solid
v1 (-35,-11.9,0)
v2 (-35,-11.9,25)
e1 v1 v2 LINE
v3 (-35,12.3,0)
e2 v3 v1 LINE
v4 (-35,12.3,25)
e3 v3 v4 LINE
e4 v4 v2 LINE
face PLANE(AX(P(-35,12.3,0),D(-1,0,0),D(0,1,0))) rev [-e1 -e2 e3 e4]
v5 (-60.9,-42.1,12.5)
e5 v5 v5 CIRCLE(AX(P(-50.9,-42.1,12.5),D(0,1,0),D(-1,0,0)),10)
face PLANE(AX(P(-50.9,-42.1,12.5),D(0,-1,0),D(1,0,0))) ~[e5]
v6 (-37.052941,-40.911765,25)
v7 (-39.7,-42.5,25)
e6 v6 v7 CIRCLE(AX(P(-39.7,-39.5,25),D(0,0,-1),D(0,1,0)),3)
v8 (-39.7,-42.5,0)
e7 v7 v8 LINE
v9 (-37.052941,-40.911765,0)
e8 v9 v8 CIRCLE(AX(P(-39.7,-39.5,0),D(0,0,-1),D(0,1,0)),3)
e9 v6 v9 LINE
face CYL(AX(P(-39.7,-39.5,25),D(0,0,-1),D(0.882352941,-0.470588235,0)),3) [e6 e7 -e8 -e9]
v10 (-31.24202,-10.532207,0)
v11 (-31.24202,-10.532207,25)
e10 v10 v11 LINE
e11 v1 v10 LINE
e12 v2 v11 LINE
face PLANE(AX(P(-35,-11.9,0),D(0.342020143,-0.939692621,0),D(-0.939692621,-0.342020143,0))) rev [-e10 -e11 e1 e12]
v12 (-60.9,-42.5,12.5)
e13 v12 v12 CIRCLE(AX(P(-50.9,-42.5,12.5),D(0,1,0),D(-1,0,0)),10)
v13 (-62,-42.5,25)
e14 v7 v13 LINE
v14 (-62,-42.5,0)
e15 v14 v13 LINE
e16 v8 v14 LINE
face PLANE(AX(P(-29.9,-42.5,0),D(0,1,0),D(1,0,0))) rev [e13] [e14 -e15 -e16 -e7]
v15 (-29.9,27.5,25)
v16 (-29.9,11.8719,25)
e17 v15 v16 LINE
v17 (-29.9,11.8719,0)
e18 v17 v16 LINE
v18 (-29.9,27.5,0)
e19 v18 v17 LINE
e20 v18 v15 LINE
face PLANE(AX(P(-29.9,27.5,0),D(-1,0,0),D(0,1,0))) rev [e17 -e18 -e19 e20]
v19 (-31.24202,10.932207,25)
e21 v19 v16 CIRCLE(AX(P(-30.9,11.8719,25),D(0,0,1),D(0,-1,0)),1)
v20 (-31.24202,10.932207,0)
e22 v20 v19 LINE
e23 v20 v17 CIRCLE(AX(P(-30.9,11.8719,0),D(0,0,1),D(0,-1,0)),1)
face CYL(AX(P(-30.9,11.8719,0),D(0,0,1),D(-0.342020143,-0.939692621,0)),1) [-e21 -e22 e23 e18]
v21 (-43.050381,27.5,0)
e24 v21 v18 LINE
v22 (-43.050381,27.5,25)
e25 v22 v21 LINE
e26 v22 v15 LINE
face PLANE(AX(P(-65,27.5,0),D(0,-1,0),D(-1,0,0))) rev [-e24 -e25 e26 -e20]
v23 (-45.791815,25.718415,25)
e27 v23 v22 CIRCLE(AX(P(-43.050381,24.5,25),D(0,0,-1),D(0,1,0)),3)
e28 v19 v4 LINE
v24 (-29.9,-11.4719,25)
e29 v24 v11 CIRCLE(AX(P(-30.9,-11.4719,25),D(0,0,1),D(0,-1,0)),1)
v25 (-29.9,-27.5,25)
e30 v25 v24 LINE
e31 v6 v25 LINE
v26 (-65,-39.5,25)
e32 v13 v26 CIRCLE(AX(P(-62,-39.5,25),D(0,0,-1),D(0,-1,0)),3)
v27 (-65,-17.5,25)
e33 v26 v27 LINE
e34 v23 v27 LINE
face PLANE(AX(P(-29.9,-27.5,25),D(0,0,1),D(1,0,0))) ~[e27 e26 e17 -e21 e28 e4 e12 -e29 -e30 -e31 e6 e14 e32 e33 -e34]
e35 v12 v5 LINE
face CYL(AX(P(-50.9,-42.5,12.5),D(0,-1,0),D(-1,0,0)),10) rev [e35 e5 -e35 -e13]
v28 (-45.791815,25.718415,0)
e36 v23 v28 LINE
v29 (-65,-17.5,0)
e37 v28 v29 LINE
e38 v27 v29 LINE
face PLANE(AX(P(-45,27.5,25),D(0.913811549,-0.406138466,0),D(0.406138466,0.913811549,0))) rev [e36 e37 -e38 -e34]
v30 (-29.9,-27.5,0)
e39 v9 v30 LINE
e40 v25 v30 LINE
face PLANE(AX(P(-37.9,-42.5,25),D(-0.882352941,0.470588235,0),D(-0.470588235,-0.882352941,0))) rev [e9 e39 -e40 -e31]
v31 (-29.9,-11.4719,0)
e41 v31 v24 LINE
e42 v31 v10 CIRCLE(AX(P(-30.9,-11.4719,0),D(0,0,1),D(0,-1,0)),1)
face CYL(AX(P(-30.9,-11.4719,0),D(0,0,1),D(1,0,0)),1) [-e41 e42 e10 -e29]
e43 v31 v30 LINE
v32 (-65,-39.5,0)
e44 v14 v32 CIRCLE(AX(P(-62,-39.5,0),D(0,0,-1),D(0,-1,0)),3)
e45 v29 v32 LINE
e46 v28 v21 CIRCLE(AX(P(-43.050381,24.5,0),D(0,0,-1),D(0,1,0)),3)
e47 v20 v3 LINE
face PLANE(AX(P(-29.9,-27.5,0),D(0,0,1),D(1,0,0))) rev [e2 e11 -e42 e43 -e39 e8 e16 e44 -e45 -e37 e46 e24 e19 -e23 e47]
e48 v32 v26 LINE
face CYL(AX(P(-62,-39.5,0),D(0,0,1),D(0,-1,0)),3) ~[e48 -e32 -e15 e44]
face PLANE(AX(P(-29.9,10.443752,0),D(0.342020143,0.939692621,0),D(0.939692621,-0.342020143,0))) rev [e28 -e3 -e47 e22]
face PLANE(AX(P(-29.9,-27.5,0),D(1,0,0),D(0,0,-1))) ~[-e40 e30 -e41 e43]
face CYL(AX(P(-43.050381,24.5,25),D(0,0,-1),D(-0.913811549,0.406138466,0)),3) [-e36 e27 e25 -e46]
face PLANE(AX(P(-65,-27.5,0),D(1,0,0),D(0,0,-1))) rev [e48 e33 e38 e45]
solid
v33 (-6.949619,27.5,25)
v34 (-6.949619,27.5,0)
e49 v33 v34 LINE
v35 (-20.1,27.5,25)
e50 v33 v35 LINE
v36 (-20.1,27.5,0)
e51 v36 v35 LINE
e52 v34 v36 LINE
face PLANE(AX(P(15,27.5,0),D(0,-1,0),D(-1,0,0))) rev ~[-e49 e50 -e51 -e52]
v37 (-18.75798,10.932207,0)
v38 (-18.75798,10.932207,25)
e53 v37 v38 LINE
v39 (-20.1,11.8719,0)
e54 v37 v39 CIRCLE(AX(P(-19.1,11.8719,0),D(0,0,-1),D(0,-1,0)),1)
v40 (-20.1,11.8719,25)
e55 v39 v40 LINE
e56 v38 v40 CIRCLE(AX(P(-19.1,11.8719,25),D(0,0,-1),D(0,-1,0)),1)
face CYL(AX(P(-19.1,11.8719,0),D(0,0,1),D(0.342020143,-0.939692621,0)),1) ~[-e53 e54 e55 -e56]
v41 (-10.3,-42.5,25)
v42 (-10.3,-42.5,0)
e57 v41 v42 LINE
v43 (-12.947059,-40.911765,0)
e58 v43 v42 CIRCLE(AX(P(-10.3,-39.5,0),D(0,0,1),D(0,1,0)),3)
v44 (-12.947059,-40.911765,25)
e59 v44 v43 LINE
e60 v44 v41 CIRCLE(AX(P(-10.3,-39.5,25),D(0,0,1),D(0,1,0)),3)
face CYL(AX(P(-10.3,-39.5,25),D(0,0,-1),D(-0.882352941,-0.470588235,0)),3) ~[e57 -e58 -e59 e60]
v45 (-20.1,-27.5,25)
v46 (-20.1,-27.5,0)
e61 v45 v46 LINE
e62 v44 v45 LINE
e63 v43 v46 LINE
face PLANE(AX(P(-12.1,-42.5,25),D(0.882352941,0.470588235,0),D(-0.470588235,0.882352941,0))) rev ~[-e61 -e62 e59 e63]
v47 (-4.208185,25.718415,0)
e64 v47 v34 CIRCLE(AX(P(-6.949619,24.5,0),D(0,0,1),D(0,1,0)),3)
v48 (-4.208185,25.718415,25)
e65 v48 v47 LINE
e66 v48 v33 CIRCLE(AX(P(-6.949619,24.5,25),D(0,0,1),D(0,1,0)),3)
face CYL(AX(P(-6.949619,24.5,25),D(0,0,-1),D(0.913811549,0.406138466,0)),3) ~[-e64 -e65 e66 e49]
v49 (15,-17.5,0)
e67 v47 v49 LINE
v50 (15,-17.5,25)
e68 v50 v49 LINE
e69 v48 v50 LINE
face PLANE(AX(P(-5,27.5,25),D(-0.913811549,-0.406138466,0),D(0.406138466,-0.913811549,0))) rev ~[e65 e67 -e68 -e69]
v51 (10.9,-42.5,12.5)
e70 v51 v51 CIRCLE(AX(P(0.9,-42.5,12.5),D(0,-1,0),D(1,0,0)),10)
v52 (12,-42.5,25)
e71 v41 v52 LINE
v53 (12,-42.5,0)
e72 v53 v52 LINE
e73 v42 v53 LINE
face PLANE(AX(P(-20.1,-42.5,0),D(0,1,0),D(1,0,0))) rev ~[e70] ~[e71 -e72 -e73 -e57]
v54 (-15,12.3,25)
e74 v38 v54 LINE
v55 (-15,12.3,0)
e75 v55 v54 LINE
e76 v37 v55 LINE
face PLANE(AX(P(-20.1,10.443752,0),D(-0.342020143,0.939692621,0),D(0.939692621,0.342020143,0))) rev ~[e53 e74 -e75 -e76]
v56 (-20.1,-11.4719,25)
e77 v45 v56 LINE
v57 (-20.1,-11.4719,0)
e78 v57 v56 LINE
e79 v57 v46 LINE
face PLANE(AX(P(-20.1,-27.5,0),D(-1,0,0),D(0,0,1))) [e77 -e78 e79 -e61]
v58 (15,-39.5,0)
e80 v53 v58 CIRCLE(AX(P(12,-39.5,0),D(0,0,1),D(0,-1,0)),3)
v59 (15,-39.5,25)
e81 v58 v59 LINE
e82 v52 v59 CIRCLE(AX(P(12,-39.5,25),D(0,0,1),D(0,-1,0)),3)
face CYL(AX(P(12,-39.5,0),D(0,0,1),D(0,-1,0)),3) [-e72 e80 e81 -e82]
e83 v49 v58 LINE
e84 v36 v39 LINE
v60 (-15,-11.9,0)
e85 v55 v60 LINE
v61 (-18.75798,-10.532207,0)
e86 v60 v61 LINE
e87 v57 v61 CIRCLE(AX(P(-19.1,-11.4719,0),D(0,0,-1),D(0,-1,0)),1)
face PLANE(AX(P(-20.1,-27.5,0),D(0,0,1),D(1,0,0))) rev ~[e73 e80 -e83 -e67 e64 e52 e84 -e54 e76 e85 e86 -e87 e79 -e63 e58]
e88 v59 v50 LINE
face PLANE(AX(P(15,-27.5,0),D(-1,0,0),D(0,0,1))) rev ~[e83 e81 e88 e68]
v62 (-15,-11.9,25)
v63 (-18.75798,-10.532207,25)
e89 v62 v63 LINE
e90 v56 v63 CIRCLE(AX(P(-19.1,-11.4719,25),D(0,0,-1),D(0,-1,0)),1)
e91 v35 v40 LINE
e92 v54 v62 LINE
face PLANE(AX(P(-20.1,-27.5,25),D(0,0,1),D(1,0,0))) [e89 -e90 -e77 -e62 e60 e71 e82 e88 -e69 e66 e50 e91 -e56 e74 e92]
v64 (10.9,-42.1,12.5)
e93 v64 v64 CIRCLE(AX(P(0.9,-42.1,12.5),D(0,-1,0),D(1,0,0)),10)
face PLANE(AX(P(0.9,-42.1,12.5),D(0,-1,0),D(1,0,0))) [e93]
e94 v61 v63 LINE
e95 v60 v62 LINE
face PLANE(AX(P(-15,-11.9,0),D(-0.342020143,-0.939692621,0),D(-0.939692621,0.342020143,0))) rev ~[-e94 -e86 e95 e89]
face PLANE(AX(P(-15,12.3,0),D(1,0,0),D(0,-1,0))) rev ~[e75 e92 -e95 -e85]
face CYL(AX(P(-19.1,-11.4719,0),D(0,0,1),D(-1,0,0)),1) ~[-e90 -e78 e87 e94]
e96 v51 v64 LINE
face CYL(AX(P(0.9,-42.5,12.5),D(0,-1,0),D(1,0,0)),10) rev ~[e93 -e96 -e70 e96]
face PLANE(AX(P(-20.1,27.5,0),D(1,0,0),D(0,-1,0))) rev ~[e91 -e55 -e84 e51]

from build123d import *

# Parameters (mm, degrees)
F1_DEPTH = 25
F2_DEPTH = 15
F3_R     = 10
F4_DEPTH = 0.4
F6_DEPTH = 25
F9_R     = 1
F9_2_R   = 1
F10_R    = 3
F10_2_R  = 3


with BuildPart() as f1:
    # F0 (on Top) → F1 (new body)
    with BuildSketch(Plane.XY):
        Polygon((15, 27.5), (-15, 27.5), (-15, 12.3), (-15, -11.9), (-15, -27.5), (15, -27.5), align=None)
        Polygon((-15, 12.3), (-15, 27.5), (-20.1, 27.5), (-20.1, 10.4437518052), align=None)
        Polygon((-15, -27.5), (-15, -11.9), (-20.1, -10.0437518052), (-20.1, -27.5), align=None)
    extrude(amount=F1_DEPTH)

    # F2 (add): a face of the model
    f2_faces = [f1.faces().sort_by_distance(p)[0] for p in [
        (-2.55, -27.5, 12.5),
    ]]
    extrude(f2_faces, amount=F2_DEPTH)

    # F3 (on face) → F4 (cut)
    with BuildSketch(Plane.XZ.offset(42.5)):
        with Locations((0.9, 12.5)):
            Circle(F3_R)
    extrude(amount=-F4_DEPTH, mode=Mode.SUBTRACT)

    # F5 (on face) → F6 (cut)
    with BuildSketch(Plane.XY.offset(25)):
        Polygon((15, -17.5), (15, 27.5), (-5, 27.5), align=None)
        Polygon((-20.1, -27.5), (-20.1, -42.5), (-12.1, -42.5), align=None)
    extrude(amount=-F6_DEPTH, mode=Mode.SUBTRACT)


with BuildPart() as f8_1:
    # F8: instance of F1
    add(f1.part.mirror(Plane.YZ.offset(-25)))

    # F9
    f9_edges = [f8_1.edges().sort_by_distance(p)[0] for p in [
        (-29.9, 10.443752, 12.5),
        (-29.9, -10.043752, 12.5),
    ]]
    fillet(f9_edges, radius=F9_R)

    # F10
    f10_edges = [f8_1.edges().sort_by_distance(p)[0] for p in [
        (-65, -42.5, 12.5),
        (-45, 27.5, 12.5),
        (-37.9, -42.5, 12.5),
    ]]
    fillet(f10_edges, radius=F10_R)


with BuildPart() as f1_1:
    add(f1.part)

    # F9#2
    f9_2_edges = [f1_1.edges().sort_by_distance(p)[0] for p in [
        (-20.1, 10.443752, 12.5),
        (-20.1, -10.043752, 12.5),
    ]]
    fillet(f9_2_edges, radius=F9_2_R)

    # F10#2
    f10_2_edges = [f1_1.edges().sort_by_distance(p)[0] for p in [
        (15, -42.5, 12.5),
        (-5, 27.5, 12.5),
        (-12.1, -42.5, 12.5),
    ]]
    fillet(f10_2_edges, radius=F10_2_R)


solid = Compound([f8_1.part, f1_1.part])
